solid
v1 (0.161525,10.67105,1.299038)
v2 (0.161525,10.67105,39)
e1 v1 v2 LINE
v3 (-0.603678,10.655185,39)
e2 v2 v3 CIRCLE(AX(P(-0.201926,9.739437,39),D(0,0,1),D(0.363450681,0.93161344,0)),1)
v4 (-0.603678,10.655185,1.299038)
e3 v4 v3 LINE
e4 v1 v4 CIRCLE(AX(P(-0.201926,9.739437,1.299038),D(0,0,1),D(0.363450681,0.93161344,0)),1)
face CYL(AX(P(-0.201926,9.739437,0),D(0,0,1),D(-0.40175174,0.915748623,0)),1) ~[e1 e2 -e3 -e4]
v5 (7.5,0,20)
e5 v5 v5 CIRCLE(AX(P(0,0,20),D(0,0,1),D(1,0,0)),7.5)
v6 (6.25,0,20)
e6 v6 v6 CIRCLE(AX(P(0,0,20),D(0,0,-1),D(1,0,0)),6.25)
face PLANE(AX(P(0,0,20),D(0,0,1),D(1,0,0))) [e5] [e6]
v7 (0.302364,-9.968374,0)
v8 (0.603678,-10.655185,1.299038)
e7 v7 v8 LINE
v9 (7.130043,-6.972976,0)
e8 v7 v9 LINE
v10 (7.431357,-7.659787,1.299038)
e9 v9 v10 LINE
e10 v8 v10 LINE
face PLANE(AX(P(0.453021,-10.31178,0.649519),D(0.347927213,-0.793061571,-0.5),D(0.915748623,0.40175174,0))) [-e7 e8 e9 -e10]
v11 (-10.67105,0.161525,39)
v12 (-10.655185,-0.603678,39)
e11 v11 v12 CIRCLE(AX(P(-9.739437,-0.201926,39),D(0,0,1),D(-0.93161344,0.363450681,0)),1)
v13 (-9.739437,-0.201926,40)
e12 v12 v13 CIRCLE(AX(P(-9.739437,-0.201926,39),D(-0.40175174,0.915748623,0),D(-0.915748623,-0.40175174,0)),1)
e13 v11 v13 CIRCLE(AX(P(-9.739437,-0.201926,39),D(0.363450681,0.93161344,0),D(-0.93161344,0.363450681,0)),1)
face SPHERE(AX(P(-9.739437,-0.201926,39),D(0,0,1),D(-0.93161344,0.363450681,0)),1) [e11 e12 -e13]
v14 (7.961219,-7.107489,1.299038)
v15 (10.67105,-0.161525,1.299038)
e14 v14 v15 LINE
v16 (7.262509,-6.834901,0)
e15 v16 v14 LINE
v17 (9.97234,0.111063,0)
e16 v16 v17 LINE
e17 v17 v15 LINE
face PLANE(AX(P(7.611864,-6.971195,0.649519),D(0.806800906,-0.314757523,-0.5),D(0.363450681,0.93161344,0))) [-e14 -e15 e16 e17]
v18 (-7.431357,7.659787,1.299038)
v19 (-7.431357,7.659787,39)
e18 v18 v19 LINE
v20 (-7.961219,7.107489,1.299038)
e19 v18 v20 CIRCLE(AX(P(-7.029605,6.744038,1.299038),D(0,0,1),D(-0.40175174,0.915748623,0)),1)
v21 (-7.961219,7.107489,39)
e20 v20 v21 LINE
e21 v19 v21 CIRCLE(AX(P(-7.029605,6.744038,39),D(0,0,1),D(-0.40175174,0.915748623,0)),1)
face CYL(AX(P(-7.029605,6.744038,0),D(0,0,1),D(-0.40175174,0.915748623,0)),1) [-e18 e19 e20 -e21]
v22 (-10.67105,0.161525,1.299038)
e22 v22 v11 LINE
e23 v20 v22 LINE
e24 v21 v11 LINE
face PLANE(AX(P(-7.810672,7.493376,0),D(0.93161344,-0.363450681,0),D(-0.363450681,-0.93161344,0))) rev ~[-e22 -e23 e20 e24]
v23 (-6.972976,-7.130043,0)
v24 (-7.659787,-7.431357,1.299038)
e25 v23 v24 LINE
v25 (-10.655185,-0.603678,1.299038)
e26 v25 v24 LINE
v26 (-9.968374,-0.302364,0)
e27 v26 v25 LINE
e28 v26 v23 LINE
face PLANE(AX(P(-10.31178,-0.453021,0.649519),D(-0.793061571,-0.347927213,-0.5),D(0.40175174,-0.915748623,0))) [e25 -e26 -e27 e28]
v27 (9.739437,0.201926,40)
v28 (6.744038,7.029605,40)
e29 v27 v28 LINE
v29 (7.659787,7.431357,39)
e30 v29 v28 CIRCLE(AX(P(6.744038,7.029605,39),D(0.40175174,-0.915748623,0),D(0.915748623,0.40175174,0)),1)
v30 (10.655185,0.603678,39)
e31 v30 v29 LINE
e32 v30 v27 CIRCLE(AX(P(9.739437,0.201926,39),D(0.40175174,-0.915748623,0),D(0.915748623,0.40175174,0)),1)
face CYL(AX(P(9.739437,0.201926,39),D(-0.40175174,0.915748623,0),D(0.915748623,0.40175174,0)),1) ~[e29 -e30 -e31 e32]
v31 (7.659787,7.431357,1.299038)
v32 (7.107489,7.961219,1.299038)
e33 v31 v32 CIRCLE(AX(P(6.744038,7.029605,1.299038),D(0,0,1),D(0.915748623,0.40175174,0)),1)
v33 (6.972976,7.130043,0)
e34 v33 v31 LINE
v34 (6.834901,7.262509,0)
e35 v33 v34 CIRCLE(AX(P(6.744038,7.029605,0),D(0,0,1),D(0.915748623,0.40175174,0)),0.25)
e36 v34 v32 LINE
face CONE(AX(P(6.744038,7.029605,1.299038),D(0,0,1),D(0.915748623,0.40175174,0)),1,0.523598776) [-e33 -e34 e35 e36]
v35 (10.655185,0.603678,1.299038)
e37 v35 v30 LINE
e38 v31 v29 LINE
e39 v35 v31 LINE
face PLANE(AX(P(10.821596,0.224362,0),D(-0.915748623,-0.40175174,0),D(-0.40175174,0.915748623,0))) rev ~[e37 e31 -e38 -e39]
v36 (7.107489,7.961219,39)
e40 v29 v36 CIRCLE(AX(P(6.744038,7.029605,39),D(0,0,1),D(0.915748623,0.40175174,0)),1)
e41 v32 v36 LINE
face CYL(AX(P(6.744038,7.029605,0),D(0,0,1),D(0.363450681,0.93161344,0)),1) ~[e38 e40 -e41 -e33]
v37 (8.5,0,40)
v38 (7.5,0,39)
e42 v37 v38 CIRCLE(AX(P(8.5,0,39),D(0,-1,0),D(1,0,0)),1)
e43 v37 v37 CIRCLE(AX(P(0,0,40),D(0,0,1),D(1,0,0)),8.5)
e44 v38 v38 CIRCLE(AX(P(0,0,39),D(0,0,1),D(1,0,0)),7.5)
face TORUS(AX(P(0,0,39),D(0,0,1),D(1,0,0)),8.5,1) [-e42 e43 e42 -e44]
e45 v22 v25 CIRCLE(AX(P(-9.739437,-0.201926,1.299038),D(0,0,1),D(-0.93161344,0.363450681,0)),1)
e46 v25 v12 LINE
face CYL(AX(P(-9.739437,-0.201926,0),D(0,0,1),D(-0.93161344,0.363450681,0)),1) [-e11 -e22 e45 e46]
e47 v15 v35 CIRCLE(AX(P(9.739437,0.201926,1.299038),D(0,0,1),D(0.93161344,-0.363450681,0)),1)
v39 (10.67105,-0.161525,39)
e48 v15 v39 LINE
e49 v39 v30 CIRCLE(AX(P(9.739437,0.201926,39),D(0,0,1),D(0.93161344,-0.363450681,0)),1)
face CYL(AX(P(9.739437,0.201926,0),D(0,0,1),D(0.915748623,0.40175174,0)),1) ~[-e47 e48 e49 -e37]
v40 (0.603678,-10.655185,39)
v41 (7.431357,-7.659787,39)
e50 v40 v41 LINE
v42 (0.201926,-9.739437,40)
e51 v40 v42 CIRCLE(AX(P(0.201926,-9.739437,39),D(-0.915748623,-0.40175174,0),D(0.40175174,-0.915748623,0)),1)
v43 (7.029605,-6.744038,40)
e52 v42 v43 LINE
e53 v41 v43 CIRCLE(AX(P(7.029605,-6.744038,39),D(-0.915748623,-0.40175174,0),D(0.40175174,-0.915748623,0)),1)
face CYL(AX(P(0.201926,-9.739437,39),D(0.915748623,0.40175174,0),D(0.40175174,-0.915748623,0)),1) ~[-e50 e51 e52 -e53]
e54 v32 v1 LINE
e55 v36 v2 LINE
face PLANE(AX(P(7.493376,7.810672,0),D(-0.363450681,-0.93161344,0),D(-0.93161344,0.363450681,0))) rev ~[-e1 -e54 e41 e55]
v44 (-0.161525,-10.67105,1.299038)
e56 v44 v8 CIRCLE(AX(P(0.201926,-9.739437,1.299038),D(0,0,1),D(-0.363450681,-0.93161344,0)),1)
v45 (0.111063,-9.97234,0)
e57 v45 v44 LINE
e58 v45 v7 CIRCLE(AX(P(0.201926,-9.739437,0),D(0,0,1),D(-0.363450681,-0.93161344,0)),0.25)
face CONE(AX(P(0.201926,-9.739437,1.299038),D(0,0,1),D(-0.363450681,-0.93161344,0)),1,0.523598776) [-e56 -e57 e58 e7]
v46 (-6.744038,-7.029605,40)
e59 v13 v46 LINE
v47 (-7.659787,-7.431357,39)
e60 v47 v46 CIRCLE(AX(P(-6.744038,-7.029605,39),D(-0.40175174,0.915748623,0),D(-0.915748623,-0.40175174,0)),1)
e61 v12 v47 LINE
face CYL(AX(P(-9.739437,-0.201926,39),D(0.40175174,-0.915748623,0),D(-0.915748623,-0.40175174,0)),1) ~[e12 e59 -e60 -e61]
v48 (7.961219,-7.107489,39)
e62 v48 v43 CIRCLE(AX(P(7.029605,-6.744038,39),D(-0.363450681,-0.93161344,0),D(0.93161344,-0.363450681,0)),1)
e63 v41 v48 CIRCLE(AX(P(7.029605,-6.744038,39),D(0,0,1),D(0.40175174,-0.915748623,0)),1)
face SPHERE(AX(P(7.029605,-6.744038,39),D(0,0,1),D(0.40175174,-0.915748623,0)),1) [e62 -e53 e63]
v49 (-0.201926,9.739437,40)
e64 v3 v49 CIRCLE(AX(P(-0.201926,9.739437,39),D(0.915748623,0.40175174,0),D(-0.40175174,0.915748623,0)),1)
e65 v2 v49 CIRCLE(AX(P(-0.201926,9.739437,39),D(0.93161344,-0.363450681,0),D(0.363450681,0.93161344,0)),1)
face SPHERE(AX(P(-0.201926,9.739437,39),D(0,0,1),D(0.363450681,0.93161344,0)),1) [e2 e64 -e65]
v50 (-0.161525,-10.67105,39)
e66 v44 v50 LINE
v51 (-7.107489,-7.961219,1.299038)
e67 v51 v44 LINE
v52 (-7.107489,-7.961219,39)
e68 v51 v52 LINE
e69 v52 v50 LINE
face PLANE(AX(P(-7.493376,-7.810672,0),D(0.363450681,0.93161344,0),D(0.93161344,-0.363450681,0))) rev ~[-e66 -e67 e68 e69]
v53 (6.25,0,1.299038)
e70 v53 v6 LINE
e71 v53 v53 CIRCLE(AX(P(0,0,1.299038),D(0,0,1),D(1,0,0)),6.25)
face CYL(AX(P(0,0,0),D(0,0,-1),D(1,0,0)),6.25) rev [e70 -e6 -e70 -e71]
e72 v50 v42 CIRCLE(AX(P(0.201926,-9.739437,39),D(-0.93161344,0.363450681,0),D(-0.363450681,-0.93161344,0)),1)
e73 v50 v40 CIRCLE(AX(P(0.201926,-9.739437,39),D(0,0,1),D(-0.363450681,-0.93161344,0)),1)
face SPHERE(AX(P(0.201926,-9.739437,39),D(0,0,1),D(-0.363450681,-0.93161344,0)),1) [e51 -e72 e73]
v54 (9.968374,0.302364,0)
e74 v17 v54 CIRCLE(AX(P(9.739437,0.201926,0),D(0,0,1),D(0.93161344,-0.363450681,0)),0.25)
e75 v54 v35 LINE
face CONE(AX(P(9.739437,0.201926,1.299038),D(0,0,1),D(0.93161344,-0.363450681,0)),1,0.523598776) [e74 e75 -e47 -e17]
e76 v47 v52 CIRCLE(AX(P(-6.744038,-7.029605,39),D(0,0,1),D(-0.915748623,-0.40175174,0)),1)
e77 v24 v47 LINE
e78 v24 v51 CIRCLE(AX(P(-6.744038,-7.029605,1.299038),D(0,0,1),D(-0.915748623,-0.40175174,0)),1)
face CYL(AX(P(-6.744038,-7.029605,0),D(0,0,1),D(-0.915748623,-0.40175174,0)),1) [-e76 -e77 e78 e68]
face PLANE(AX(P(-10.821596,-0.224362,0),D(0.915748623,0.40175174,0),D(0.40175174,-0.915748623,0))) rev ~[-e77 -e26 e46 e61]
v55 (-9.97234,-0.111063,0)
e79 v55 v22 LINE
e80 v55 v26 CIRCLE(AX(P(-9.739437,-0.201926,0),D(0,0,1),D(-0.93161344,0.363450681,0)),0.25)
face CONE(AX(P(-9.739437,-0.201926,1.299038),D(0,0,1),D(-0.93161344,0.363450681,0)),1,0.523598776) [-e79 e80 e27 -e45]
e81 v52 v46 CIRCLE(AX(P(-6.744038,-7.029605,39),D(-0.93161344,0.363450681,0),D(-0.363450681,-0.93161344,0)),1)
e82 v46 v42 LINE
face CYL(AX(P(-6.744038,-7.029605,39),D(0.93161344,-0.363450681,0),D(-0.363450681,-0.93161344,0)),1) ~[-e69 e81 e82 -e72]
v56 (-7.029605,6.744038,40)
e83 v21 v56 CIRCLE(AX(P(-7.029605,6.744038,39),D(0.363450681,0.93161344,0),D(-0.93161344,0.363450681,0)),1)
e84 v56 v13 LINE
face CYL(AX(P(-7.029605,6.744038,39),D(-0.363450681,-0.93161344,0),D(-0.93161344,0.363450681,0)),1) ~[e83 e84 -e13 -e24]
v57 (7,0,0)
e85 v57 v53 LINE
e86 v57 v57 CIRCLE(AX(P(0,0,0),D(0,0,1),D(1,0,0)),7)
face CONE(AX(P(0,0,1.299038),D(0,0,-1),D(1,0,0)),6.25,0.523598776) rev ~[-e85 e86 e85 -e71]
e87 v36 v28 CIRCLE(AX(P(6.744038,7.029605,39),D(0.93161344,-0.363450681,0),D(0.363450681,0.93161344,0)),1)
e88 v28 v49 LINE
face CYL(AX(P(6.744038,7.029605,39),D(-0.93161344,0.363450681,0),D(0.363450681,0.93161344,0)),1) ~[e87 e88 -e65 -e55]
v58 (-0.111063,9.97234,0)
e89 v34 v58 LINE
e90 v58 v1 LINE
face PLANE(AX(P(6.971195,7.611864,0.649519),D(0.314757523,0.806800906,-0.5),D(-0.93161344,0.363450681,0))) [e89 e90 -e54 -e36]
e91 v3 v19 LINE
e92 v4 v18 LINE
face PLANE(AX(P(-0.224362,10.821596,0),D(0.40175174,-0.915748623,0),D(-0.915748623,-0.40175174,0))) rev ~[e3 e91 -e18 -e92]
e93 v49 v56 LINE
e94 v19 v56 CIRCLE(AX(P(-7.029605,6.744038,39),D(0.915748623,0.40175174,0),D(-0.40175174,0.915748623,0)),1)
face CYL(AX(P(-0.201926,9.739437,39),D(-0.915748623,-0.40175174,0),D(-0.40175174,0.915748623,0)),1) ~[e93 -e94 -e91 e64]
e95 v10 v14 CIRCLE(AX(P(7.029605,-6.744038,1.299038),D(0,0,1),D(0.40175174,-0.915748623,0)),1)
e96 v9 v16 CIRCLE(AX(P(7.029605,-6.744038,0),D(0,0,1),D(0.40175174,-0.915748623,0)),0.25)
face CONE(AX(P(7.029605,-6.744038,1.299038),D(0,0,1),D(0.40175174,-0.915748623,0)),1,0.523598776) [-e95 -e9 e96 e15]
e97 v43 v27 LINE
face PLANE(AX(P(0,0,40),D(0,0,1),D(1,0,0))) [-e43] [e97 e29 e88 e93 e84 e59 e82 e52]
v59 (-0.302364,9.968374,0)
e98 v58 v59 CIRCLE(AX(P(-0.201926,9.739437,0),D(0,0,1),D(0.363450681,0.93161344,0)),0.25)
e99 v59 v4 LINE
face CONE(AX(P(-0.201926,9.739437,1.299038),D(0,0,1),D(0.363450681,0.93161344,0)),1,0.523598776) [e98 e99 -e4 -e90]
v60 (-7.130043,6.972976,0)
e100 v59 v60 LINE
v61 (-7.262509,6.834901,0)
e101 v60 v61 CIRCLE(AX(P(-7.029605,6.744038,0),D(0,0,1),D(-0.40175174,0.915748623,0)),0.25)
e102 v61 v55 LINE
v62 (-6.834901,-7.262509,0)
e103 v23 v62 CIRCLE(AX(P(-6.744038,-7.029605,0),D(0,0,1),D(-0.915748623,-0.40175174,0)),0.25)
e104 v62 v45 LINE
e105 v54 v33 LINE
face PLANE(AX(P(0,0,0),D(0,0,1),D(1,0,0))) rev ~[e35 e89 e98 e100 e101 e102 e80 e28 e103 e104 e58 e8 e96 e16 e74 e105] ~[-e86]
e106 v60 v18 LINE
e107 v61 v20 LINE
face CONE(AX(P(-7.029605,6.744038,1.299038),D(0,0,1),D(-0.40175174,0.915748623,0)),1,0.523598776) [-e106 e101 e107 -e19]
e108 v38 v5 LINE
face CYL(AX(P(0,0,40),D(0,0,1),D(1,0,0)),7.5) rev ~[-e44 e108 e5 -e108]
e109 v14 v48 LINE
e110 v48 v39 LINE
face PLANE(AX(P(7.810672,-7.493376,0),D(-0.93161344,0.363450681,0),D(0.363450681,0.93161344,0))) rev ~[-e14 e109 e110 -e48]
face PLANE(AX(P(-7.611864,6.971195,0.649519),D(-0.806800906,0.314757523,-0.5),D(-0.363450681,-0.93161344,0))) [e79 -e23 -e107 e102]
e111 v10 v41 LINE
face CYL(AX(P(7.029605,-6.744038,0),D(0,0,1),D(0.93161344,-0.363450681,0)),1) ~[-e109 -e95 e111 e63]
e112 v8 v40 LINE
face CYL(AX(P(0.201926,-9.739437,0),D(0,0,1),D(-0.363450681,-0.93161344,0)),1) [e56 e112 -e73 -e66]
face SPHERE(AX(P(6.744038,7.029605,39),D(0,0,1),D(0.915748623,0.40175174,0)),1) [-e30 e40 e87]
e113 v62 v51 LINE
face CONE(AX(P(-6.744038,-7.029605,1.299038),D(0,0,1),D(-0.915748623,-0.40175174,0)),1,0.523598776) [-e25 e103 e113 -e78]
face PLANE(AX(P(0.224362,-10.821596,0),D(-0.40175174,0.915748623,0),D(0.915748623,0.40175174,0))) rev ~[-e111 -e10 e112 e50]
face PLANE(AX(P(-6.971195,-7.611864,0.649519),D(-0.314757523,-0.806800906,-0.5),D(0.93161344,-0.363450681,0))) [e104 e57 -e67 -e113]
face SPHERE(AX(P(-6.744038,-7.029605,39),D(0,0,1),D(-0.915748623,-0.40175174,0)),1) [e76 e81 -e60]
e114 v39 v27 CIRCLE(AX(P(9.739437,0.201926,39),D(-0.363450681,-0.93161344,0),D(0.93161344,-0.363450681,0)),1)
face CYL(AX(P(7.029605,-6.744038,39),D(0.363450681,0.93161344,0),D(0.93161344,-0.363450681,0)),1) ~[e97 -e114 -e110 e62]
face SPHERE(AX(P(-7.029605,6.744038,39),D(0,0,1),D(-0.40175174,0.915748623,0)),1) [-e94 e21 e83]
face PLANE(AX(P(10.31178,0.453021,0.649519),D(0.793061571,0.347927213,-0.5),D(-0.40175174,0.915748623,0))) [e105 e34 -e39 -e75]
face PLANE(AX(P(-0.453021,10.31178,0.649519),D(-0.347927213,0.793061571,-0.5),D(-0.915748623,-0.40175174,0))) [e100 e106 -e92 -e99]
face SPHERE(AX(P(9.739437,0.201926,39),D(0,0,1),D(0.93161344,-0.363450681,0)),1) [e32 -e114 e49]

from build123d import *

# Parameters (mm, degrees)
F0_R     = 6.25
F1_DEPTH = 40
F2_R     = 7.5
F3_DEPTH = 20
F4_R     = 1
F5_SIZE2 = 1.2990381057
F5_SIZE  = 0.75
F6_R     = 1


with BuildPart() as f1:
    # F0 (on Top) → F1 (new body)
    with BuildSketch(Plane.XY):
        Polygon((-0.2243624043, 10.8215964181), (-7.8106723881, 7.493376033), (-10.8215964181, -0.2243624043), (-7.493376033, -7.8106723881), (0.2243624043, -10.8215964181), (7.8106723881, -7.493376033), (10.8215964181, 0.2243624043), (7.493376033, 7.8106723881), align=None)
        Circle(F0_R, mode=Mode.SUBTRACT)
    extrude(amount=F1_DEPTH)

    # F2 (on face) → F3 (cut)
    with BuildSketch(Plane.XY.offset(40)):
        Circle(F2_R)
    extrude(amount=-F3_DEPTH, mode=Mode.SUBTRACT)

    # F4
    f4_edges = [f1.edges().sort_by_distance(p)[0] for p in [
        (-10.821596, -0.224362, 20),
        (-7.493376, -7.810672, 20),
        (0.224362, -10.821596, 20),
        (7.810672, -7.493376, 20),
        (10.821596, 0.224362, 20),
        (7.493376, 7.810672, 20),
        (-0.224362, 10.821596, 20),
        (-7.810672, 7.493376, 20),
    ]]
    fillet(f4_edges, radius=F4_R)

    # F5
    f5_edges = [f1.edges().sort_by_distance(p)[0] for p in [
        (-4.017517, 9.157486, 0),
        (-0.222655, 10.739222, 0),
        (-7.751217, 7.436336, 0),
        (3.634507, 9.316134, 0),
        (-9.316134, 3.634507, 0),
        (7.436336, 7.751217, 0),
        (-10.739222, -0.222655, 0),
        (9.157486, 4.017517, 0),
        (-9.157486, -4.017517, 0),
        (10.739222, 0.222655, 0),
        (-7.436336, -7.751217, 0),
        (9.316134, -3.634507, 0),
        (-3.634507, -9.316134, 0),
        (7.751217, -7.436336, 0),
        (0.222655, -10.739222, 0),
        (4.017517, -9.157486, 0),
        (-6.25, 0, 0),
    ]]
    f5_side = f1.faces().sort_by_distance((-3.895482, 8.879321, 0))[0]
    chamfer(f5_edges, length=F5_SIZE, length2=F5_SIZE2, reference=f5_side)

    # F6
    f6_edges = [f1.edges().sort_by_distance(p)[0] for p in [
        (-4.017517, 9.157486, 40),
        (-0.222655, 10.739222, 40),
        (-7.751217, 7.436336, 40),
        (3.634507, 9.316134, 40),
        (-9.316134, 3.634507, 40),
        (7.436336, 7.751217, 40),
        (-10.739222, -0.222655, 40),
        (9.157486, 4.017517, 40),
        (-9.157486, -4.017517, 40),
        (10.739222, 0.222655, 40),
        (-7.436336, -7.751217, 40),
        (9.316134, -3.634507, 40),
        (-3.634507, -9.316134, 40),
        (7.751217, -7.436336, 40),
        (0.222655, -10.739222, 40),
        (4.017517, -9.157486, 40),
        (-7.5, 0, 40),
    ]]
    fillet(f6_edges, radius=F6_R)


solid = f1.part
